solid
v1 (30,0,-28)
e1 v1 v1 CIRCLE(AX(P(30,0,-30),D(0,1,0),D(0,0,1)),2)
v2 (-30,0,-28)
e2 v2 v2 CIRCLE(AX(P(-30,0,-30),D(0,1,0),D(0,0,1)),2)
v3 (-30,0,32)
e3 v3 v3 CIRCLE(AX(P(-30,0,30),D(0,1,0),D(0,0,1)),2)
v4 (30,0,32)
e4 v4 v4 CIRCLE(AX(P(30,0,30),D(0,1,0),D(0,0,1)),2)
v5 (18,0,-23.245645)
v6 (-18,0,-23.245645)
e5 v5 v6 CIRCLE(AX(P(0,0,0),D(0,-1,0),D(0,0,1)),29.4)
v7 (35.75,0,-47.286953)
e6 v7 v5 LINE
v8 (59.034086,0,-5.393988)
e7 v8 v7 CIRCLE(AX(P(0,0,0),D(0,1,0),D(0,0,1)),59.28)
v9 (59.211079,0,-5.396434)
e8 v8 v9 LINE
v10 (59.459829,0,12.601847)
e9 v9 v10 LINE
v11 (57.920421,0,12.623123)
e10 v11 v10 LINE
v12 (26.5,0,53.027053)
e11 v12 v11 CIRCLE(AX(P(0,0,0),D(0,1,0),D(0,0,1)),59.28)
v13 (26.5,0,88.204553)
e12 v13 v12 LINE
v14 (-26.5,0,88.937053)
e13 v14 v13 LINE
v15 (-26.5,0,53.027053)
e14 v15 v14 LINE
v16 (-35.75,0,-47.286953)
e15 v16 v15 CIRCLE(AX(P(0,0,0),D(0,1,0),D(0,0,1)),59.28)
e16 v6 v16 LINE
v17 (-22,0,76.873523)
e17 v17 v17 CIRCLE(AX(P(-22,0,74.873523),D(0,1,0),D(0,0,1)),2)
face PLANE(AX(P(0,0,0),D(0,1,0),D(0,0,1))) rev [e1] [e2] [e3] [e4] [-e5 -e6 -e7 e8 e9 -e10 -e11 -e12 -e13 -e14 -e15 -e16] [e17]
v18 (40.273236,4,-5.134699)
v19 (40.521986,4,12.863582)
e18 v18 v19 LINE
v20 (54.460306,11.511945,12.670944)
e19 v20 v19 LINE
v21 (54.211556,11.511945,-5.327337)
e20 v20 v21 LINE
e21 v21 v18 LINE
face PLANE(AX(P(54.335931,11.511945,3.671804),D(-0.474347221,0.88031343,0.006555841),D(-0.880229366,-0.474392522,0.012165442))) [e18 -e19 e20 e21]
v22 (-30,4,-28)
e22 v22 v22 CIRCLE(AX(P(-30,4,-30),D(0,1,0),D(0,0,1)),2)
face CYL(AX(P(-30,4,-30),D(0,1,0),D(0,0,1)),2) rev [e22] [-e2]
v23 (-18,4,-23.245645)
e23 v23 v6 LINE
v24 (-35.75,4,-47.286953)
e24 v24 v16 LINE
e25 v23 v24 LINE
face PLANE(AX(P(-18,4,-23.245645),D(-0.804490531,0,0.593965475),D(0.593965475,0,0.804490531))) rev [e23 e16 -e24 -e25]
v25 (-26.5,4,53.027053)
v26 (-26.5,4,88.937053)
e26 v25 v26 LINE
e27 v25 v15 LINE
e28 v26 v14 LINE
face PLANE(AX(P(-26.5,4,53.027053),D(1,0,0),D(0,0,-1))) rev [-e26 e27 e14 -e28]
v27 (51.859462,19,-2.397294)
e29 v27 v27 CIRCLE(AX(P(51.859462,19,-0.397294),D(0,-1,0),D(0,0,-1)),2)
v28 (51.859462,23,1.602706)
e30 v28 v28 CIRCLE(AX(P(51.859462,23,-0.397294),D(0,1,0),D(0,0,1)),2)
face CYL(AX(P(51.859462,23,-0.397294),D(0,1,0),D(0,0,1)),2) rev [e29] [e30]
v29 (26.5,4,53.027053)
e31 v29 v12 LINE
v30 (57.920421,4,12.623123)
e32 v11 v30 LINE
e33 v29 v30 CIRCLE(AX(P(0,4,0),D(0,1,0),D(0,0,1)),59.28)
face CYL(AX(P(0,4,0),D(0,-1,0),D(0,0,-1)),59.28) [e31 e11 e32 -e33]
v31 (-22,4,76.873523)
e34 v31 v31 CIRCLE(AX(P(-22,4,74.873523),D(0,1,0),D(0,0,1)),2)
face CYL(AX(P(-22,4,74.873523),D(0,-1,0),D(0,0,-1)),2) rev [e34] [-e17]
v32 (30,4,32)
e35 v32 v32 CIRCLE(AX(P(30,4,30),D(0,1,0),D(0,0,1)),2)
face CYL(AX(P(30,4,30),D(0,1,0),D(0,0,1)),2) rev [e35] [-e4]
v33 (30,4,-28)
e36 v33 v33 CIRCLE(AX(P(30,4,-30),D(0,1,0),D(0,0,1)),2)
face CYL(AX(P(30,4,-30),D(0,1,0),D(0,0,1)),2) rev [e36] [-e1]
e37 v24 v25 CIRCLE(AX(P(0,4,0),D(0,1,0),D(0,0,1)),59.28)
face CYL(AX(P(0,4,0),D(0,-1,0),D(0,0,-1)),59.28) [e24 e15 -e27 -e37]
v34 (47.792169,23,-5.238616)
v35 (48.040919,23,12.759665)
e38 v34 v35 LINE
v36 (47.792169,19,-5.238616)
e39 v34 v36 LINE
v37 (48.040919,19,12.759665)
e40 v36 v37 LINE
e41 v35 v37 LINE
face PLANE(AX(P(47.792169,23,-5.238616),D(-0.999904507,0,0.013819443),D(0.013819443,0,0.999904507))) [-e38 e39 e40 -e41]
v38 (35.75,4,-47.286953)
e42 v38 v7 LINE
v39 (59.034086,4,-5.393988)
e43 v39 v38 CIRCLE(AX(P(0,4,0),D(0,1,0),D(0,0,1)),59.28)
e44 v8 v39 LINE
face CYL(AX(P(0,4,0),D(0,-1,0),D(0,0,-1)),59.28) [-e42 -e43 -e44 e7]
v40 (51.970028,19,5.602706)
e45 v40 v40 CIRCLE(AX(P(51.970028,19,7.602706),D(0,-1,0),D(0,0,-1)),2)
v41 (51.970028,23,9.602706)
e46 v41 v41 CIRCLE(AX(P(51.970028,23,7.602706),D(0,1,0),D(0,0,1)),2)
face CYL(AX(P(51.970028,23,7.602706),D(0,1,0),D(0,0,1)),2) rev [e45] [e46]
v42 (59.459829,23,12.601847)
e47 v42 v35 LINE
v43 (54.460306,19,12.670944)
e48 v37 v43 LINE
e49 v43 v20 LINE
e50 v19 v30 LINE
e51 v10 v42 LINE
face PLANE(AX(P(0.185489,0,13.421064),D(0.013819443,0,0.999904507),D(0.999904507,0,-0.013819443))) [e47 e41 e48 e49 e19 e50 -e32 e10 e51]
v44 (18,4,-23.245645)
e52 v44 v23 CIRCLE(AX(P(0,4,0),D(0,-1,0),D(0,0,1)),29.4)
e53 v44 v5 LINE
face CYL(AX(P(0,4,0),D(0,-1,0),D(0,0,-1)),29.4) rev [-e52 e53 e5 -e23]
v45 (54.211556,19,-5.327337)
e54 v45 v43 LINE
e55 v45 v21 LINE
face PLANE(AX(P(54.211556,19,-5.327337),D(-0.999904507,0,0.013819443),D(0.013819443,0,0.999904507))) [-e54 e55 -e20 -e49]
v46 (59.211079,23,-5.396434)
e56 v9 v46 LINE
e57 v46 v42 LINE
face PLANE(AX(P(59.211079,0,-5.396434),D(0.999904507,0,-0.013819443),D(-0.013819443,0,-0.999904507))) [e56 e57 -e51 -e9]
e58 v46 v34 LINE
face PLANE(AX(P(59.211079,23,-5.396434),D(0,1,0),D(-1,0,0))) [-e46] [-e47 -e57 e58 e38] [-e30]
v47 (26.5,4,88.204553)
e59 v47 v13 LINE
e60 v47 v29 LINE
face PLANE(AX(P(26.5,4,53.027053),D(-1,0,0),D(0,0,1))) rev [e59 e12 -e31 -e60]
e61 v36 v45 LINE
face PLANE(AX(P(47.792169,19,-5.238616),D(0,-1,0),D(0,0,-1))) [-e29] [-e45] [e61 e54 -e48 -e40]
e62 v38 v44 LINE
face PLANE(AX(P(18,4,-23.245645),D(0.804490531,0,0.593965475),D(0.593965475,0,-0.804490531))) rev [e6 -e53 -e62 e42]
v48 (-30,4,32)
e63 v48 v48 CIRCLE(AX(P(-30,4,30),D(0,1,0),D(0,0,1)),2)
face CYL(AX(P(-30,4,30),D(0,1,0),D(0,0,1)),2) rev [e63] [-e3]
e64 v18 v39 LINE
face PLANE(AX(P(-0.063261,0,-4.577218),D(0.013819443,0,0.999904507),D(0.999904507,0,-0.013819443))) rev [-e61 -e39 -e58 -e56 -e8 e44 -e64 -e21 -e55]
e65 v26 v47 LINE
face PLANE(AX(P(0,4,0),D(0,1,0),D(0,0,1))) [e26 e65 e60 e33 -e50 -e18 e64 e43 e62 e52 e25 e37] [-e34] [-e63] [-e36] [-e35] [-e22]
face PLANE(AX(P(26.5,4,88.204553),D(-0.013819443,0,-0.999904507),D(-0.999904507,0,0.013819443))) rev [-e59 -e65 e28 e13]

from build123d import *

# Parameters (mm, degrees)
SKETCH1_R                 = 2
BOSS_EXTRUDE1_DEPTH       = 4
F_4_0MM_DOWEL_SLOT1_D     = 4
F_4_0MM_DOWEL_SLOT1_DEPTH = 10.1
F_4_0MM_DOWEL_SLOT1_TIP   = 1.201721238
BOSS_EXTRUDE2_DEPTH       = 18
RIB3_REACH                = 87.328
SKETCH17_WALL_W           = 188.490706902
SKETCH17_WALL_H           = 18
F_4_0MM_DOWEL_HOLE1_D     = 4
F_4_0MM_DOWEL_HOLE1_DEPTH = 4


with BuildPart() as part:
    # Sketch1 → Boss-Extrude1 (new body)
    with BuildSketch(Plane(origin=(0, 0, 0), x_dir=(1, 0, 0), z_dir=(0, 1, 0))):
        with BuildLine():
            Line((-18, 23.245644753), (-35.75, 47.286952746))
            ThreePointArc((-35.75, 47.286952746), (-59.029573825, -5.443143769), (-26.5, -53.027053473))
            Line((-26.5, -53.027053473), (-26.5, -88.937053473))
            Line((-26.5, -88.937053473), (26.5, -88.204553031))
            Line((26.5, -88.204553031), (26.5, -53.027053473))
            ThreePointArc((26.5, -53.027053473), (59.029573825, -5.443143769), (35.75, 47.286952746))
            Line((35.75, 47.286952746), (18, 23.245644753))
            ThreePointArc((18, 23.245644753), (0, -29.4), (-18, 23.245644753))
        make_face()
        with Locations(Location((-22, -74.873523008, 0), (0, 0, 270))):  # turned: the seam where the file's is
            Circle(SKETCH1_R, mode=Mode.SUBTRACT)
    extrude(amount=BOSS_EXTRUDE1_DEPTH)

    # Ø4.0mm Dowel Slot1
    with Locations(Plane(origin=(0, 4, 0), x_dir=(1, 0, 0), z_dir=(0, 1, 0))):
        with Locations((30, 30), (30, -30), (-30, -30), (-30, 30)):
            Hole(F_4_0MM_DOWEL_SLOT1_D / 2, depth=F_4_0MM_DOWEL_SLOT1_DEPTH)
            with Locations((0, 0, -(F_4_0MM_DOWEL_SLOT1_DEPTH + F_4_0MM_DOWEL_SLOT1_TIP / 2))):  # 118° drill point
                Cone(0, F_4_0MM_DOWEL_SLOT1_D / 2, F_4_0MM_DOWEL_SLOT1_TIP, mode=Mode.SUBTRACT)

    # Sketch16 → Boss-Extrude2 (add)
    with BuildSketch(Plane(origin=(0.18548934, 0, 13.421063613), x_dir=(0.999904507, 0, -0.013819443), z_dir=(0.013819443, 0, 0.999904507))):
        Polygon((54.427297978, 0), (59.28, 0), (59.28, 23), (47.86, 23), (47.86, 19), (54.28, 19), (54.28, 4), (54.427297978, 4), align=None)
    extrude(amount=-BOSS_EXTRUDE2_DEPTH)

    # Sketch17 wall → Rib3 (add, up to next)
    with BuildSketch(Plane(origin=(47.366770895, 7.75597266, 3.76812278), x_dir=(-0.880229366, -0.474392522, 0.012165442), z_dir=(0.474347221, -0.88031343, -0.006555841)), mode=Mode.PRIVATE) as rib3_sk1:
        Rectangle(SKETCH17_WALL_W, SKETCH17_WALL_H)
    rib3_tool1 = extrude(rib3_sk1.sketch, amount=RIB3_REACH, mode=Mode.PRIVATE) - part.part
    add(rib3_tool1.solids().sort_by_distance((47.366770895, 7.75597266, 3.76812278))[0])

    # Ø4.0mm Dowel Hole1
    with Locations(Plane(origin=(0, 23, 0), x_dir=(1, 0, 0), z_dir=(0, 1, 0))):
        with Locations((51.970027948, -7.602706454), (51.859461843, 0.397293546)):
            Hole(F_4_0MM_DOWEL_HOLE1_D / 2, depth=F_4_0MM_DOWEL_HOLE1_DEPTH)


solid = part.part
